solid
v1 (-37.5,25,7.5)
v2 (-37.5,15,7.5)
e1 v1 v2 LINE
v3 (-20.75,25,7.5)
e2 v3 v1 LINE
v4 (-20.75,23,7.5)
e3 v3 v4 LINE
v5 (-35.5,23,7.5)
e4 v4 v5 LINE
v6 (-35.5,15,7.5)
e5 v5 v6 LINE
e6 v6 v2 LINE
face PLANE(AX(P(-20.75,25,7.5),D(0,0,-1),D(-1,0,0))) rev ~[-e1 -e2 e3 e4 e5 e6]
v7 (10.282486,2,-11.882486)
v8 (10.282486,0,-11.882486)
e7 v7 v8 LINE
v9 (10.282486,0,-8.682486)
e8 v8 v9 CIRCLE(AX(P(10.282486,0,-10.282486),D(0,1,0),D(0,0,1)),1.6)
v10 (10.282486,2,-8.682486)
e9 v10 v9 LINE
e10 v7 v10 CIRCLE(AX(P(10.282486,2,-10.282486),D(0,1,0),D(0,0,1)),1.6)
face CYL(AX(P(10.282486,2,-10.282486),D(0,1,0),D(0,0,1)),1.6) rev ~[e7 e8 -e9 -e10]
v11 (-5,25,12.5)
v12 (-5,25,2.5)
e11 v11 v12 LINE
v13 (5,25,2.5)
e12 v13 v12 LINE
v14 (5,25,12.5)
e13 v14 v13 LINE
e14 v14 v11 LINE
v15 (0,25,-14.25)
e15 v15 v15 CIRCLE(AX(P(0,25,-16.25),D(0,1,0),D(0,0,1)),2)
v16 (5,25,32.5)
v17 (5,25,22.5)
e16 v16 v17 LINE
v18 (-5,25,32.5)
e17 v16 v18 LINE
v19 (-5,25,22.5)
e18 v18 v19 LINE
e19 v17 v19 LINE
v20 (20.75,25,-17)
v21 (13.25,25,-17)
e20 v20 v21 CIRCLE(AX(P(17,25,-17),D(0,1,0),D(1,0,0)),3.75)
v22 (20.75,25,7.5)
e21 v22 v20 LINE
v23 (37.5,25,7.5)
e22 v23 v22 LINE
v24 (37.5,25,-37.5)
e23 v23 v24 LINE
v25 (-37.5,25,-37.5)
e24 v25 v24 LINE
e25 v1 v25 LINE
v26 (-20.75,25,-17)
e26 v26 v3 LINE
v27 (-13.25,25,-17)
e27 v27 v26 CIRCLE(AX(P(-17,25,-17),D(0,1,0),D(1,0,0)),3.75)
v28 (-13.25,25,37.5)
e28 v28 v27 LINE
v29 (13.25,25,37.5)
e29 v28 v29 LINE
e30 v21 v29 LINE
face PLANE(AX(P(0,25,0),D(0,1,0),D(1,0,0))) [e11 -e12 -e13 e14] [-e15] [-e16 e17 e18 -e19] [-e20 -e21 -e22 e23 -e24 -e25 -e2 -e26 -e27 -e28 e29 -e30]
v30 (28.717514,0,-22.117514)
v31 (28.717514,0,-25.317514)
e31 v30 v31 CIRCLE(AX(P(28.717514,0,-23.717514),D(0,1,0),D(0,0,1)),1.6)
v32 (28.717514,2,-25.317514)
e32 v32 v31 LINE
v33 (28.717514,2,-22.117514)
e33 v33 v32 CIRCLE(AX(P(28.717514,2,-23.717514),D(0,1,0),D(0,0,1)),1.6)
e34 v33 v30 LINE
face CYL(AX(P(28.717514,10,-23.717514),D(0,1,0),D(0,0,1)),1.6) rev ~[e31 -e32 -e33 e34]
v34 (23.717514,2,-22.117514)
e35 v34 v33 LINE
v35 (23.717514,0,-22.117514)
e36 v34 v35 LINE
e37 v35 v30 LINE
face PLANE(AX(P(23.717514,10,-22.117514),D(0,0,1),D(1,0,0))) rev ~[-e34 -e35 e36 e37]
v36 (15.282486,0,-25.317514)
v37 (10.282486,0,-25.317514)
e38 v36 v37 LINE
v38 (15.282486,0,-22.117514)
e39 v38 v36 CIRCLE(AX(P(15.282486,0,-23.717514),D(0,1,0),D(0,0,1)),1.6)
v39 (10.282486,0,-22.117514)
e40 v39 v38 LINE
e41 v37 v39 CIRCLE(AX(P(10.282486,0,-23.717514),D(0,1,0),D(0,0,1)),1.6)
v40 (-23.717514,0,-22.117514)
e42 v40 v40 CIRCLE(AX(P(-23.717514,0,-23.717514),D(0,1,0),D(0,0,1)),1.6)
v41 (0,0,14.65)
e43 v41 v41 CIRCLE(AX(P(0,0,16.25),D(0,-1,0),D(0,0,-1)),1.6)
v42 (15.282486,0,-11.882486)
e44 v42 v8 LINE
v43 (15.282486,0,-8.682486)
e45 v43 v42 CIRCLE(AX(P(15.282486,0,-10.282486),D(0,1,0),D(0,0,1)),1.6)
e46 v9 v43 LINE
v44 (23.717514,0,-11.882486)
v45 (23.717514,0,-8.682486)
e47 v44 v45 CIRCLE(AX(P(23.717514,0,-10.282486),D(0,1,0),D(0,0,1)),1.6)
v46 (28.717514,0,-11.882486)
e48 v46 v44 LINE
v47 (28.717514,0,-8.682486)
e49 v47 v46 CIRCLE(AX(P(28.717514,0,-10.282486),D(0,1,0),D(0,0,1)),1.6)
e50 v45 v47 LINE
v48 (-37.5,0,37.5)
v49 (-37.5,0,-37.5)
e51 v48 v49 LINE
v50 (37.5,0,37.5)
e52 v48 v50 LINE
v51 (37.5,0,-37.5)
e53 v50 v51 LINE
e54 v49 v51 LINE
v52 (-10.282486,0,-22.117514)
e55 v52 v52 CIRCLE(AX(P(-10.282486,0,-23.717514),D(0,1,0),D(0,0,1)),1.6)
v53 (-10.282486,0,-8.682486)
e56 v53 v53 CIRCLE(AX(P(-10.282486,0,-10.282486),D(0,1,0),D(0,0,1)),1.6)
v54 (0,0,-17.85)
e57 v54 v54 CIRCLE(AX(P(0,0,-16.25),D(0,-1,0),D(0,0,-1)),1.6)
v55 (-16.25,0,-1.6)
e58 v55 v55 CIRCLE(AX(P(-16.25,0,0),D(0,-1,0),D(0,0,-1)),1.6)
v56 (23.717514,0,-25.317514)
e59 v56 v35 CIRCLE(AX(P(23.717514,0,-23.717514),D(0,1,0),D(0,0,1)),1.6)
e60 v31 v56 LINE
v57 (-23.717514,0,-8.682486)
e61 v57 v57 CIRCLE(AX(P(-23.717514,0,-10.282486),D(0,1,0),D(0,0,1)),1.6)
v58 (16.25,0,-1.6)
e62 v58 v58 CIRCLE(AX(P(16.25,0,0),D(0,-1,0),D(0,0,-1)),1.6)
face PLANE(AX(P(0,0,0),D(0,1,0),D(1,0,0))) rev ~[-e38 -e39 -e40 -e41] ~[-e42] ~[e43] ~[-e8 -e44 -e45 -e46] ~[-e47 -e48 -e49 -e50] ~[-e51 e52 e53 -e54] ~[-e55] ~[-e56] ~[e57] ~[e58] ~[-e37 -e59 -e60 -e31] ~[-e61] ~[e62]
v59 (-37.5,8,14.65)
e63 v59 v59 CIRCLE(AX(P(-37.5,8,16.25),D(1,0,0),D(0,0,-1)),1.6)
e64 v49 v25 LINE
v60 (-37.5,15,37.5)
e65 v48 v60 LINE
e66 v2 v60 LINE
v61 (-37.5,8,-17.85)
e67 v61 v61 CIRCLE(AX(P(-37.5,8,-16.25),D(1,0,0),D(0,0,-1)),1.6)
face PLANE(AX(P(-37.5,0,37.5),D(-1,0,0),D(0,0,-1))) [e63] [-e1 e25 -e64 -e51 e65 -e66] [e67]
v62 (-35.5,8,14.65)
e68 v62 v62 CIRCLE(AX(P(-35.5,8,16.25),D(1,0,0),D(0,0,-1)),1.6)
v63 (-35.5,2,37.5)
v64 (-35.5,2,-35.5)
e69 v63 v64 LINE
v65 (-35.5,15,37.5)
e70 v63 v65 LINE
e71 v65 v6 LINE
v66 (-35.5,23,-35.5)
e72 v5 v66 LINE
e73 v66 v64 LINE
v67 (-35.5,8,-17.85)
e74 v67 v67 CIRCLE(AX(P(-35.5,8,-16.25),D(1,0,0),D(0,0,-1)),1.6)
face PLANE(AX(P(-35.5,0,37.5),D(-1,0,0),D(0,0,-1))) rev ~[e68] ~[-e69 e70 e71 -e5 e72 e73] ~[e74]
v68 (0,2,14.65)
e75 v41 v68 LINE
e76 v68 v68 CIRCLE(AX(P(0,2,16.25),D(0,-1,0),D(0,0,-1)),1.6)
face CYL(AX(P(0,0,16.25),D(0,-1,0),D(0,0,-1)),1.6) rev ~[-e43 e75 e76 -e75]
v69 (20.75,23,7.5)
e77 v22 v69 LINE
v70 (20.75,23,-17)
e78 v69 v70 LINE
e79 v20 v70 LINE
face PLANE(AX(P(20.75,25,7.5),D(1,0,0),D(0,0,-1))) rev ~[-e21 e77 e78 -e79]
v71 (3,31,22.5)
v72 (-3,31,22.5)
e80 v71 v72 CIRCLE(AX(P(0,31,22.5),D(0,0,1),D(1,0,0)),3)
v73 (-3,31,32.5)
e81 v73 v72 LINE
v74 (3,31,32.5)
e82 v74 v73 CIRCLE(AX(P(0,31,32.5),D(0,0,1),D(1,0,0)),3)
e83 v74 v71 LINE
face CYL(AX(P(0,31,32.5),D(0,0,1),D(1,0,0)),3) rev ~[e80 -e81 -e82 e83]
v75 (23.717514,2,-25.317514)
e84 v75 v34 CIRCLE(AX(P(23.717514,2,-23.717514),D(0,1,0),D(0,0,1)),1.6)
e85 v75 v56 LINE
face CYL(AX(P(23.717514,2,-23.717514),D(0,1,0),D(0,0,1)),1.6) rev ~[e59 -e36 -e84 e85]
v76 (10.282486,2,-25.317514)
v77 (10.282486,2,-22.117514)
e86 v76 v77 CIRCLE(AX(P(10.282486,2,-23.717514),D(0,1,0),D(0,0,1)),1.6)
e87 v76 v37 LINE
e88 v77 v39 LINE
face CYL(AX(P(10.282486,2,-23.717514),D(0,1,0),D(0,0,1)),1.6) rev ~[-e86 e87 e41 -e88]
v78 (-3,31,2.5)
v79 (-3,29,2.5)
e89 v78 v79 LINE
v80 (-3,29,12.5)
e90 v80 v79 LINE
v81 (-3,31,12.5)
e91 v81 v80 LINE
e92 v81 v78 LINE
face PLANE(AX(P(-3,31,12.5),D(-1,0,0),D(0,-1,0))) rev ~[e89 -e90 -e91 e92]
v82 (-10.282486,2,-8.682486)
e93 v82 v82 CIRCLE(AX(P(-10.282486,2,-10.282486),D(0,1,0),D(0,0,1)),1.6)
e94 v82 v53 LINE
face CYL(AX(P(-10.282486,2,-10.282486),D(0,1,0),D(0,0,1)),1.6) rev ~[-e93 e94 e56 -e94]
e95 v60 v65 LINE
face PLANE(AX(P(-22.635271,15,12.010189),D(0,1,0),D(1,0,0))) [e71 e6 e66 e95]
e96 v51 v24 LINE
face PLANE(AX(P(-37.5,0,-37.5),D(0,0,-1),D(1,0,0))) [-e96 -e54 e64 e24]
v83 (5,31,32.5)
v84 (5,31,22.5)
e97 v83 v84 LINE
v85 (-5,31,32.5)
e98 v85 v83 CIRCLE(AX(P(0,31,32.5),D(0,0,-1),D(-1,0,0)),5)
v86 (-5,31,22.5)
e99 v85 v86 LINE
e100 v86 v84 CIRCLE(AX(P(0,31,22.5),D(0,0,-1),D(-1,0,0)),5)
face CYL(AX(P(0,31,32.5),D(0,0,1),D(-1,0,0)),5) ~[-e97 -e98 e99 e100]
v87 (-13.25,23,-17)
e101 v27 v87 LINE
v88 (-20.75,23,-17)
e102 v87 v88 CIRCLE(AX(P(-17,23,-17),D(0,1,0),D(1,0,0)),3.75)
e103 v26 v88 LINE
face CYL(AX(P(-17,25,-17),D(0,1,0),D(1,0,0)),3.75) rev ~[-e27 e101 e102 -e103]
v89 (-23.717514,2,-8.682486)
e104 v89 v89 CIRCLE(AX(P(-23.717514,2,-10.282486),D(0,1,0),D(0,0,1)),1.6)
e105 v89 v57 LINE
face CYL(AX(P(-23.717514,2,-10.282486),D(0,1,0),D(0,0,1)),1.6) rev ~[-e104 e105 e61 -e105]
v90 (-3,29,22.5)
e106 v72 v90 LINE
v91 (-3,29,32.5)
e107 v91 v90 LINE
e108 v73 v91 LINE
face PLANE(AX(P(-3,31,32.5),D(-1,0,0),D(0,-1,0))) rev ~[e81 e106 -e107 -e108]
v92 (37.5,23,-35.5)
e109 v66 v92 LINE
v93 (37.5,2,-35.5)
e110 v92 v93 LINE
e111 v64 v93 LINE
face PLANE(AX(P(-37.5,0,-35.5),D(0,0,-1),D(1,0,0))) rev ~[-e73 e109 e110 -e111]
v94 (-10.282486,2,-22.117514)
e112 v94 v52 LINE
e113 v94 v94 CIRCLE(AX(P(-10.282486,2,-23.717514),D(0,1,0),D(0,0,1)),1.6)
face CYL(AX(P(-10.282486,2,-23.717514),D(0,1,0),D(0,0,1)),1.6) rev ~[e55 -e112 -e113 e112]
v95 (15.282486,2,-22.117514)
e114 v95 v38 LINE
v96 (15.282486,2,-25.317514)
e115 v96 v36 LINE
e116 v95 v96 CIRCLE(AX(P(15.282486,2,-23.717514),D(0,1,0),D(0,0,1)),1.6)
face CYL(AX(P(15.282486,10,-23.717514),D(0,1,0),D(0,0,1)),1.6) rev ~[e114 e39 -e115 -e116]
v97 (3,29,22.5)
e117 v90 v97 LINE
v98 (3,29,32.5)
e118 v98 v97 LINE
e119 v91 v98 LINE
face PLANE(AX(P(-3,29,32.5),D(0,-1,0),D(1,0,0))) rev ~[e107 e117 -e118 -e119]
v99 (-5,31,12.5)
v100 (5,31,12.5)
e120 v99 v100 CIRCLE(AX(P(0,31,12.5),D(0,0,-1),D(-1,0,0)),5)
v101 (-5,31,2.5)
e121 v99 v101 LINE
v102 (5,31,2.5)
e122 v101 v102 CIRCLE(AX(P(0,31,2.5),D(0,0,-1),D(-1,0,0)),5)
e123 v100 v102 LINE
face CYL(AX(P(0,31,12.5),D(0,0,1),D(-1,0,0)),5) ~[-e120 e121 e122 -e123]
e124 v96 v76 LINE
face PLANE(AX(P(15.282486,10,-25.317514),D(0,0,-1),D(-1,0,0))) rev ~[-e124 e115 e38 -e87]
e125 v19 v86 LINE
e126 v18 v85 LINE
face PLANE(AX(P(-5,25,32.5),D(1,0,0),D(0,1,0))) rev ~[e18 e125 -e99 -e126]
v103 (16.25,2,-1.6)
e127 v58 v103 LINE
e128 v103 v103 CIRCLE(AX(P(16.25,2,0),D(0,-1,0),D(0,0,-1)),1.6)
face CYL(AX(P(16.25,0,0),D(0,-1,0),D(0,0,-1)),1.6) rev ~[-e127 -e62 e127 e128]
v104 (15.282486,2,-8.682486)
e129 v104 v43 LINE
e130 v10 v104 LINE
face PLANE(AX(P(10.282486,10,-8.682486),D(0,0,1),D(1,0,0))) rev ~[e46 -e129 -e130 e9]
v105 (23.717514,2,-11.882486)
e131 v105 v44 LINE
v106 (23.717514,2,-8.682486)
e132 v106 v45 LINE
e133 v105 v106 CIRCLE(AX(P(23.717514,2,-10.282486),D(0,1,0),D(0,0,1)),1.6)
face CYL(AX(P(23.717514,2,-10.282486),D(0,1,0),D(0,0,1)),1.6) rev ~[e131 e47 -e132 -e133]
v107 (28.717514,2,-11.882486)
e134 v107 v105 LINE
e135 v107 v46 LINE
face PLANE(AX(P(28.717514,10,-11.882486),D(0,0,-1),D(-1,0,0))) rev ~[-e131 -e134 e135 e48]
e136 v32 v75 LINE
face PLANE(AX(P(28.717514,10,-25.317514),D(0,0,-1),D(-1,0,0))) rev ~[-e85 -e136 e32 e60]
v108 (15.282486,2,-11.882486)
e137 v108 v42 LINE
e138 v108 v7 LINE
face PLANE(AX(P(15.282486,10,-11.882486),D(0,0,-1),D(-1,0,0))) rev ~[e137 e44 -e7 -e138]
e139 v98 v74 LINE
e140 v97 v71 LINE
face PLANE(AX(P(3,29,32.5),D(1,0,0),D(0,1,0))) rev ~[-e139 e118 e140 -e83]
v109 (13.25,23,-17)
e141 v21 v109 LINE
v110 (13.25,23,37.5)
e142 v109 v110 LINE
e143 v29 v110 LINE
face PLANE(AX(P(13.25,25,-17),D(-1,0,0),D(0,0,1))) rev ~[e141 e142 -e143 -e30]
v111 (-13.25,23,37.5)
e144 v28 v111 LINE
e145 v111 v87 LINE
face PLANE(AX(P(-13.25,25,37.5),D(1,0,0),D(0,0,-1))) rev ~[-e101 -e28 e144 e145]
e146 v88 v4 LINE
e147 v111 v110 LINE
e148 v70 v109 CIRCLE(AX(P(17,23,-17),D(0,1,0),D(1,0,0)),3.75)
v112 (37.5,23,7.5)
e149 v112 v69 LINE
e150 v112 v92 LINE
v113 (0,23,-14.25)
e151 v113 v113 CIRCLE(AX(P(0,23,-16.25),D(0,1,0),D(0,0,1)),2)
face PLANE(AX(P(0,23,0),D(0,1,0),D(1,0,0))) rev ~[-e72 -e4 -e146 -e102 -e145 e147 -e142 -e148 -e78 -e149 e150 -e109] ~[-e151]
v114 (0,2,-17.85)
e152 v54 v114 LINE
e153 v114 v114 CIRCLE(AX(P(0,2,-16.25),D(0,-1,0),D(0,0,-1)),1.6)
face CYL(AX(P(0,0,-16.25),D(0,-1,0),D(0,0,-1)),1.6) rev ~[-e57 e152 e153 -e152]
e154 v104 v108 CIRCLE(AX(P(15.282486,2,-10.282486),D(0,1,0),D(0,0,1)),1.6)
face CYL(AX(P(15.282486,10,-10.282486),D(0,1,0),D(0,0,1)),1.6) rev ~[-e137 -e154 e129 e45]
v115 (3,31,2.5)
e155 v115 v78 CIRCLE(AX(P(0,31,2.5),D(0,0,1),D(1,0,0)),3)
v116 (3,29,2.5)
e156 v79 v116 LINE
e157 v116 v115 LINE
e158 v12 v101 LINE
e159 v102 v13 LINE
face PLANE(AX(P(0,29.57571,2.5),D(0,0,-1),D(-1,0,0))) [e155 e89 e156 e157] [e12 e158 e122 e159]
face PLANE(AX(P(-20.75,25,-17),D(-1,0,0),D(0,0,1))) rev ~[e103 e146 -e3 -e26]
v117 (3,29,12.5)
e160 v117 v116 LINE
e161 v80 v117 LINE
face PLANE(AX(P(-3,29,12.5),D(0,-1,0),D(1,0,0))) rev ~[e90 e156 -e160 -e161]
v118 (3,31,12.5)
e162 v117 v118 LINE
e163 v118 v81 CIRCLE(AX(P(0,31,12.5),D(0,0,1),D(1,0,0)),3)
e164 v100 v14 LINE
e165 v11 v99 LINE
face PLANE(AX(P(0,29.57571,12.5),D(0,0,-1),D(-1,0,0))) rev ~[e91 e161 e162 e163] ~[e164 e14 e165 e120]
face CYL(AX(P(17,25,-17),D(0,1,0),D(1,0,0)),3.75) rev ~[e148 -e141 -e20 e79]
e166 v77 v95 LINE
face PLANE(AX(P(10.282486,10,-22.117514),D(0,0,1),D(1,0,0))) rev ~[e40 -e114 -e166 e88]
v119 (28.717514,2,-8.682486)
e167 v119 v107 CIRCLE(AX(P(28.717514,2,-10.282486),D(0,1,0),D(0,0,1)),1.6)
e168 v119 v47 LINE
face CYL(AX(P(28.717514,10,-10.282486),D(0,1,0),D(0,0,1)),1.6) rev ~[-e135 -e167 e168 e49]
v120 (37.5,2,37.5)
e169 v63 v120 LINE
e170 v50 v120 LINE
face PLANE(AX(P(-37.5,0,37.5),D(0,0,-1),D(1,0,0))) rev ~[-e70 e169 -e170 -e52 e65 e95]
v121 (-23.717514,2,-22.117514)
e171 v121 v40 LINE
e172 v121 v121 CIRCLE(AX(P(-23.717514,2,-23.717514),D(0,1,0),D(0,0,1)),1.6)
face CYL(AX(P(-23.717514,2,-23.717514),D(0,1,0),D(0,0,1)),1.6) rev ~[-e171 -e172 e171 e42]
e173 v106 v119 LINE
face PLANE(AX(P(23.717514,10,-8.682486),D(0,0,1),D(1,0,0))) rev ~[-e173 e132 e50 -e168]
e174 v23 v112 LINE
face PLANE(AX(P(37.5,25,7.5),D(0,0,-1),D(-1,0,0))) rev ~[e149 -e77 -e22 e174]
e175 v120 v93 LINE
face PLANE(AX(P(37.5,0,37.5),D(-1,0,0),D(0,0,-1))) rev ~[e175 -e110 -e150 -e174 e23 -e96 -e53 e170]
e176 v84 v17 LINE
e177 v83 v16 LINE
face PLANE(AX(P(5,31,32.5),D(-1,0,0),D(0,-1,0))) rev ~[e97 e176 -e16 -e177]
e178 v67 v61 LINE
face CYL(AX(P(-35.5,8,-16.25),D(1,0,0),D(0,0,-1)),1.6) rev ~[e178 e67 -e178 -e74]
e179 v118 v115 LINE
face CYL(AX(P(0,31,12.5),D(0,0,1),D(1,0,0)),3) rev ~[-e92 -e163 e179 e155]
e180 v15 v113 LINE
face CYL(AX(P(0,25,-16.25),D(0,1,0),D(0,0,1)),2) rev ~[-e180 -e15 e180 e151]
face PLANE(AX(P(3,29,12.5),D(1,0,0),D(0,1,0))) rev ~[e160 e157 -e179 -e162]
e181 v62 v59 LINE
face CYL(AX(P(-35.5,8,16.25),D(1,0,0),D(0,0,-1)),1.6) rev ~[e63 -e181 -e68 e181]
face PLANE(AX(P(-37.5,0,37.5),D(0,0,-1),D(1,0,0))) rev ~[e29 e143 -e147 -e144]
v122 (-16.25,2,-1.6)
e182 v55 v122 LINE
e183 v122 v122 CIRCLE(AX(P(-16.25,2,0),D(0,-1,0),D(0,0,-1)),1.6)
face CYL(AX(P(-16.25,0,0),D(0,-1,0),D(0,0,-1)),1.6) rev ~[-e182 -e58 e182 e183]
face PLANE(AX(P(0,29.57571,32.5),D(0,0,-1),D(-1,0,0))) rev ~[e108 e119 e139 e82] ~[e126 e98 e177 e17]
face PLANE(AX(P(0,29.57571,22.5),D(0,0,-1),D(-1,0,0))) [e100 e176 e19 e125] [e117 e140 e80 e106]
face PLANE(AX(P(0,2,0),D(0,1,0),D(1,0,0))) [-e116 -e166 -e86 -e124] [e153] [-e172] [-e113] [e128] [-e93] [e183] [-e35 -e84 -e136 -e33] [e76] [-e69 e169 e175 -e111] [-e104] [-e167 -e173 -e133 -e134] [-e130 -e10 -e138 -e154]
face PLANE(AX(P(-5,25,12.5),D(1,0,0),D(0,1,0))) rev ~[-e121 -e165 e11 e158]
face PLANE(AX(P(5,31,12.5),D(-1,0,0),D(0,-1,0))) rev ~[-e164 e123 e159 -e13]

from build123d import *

# Parameters (mm, degrees)
SKETCH2_W           = 75
SKETCH2_H           = 75
BOSS_EXTRUDE1_DEPTH = 25
SHELL1_T            = -2
SKETCH3_R           = 1.6
CUT_EXTRUDE1_DEPTH  = 50
CUT_EXTRUDE2_DEPTH  = 10
BOSS_EXTRUDE2_START = -5
BOSS_EXTRUDE2_DEPTH = 10
LPATTERN1_COUNT     = 2
LPATTERN1_PITCH     = 20
SKETCH7_R           = 1.6
CUT_EXTRUDE4_DEPTH  = 10
SKETCH9_R           = 1.6
CUT_EXTRUDE5_DEPTH  = 10
SKETCH10_R          = 2
CUT_EXTRUDE6_DEPTH  = 10
CUT_EXTRUDE7_START  = -10
CUT_EXTRUDE7_DEPTH  = 10


with BuildPart() as part:
    # Sketch2 → Boss-Extrude1 (new body)
    with BuildSketch(Plane(origin=(0, 0, 0), x_dir=(1, 0, 0), z_dir=(0, 1, 0))):
        Rectangle(SKETCH2_W, SKETCH2_H)
    extrude(amount=BOSS_EXTRUDE1_DEPTH)

    # Shell1
    shell1_openings = [part.faces().sort_by_distance(p)[0] for p in [
        (0, 12.5, 37.5),
        (37.5, 12.5, 0),
    ]]
    offset(amount=SHELL1_T, openings=shell1_openings, kind=Kind.INTERSECTION)

    # Sketch3 → Cut-Extrude1 (cut)
    with BuildSketch(Plane(origin=(0, 2, 0), x_dir=(1, 0, 0), z_dir=(0, 1, 0))):
        with Locations((-23.717514421, 23.717514421)):
            Circle(SKETCH3_R)
        with Locations((-10.282485579, 23.717514421)):
            Circle(SKETCH3_R)
        with Locations((-10.282485579, 10.282485579)):
            Circle(SKETCH3_R)
        with Locations((-23.717514421, 10.282485579)):
            Circle(SKETCH3_R)
        with Locations((10.282485579, 23.717514421)):
            Circle(SKETCH3_R)
        with Locations((23.717514421, 23.717514421)):
            Circle(SKETCH3_R)
        with Locations((10.282485579, 10.282485579)):
            Circle(SKETCH3_R)
        with Locations((23.717514421, 10.282485579)):
            Circle(SKETCH3_R)
    extrude(amount=-CUT_EXTRUDE1_DEPTH, mode=Mode.SUBTRACT)

    # Sketch4 → Cut-Extrude2 (cut)
    with BuildSketch(Plane(origin=(0, 25, 0), x_dir=(1, 0, 0), z_dir=(0, 1, 0))):
        with BuildLine():
            Line((-37.5, -37.5), (-13.25, -37.5))
            Line((-13.25, -37.5), (-13.25, -7.5))
            Line((-13.25, -7.5), (-13.25, 17))
            ThreePointArc((-13.25, 17), (-17, 20.75), (-20.75, 17))
            Line((-20.75, 17), (-20.75, -7.5))
            Line((-20.75, -7.5), (-37.5, -7.5))
            Line((-37.5, -7.5), (-37.5, -37.5))
        make_face()
        with BuildLine():
            Line((37.5, -37.5), (37.5, -7.5))
            Line((37.5, -7.5), (20.75, -7.5))
            Line((20.75, -7.5), (20.75, 17))
            ThreePointArc((20.75, 17), (17, 20.75), (13.25, 17))
            Line((13.25, 17), (13.25, -7.5))
            Line((13.25, -7.5), (13.25, -37.5))
            Line((13.25, -37.5), (37.5, -37.5))
        make_face()
    extrude(amount=-CUT_EXTRUDE2_DEPTH, mode=Mode.SUBTRACT)

    # Sketch5 → Boss-Extrude2 (add)
    with BuildSketch(Plane.XY.offset(37.5).offset(BOSS_EXTRUDE2_START)):
        with BuildLine():
            Line((-5, 25), (-5, 31))
            ThreePointArc((-5, 31), (0, 36), (5, 31))
            Line((5, 31), (5, 25))
            Line((5, 25), (-5, 25))
        make_face()
        with BuildLine():
            Line((-3, 31), (-3, 29))
            Line((-3, 29), (3, 29))
            Line((3, 29), (3, 31))
            ThreePointArc((3, 31), (0, 34), (-3, 31))
        make_face(mode=Mode.SUBTRACT)
    boss_extrude2 = extrude(amount=-BOSS_EXTRUDE2_DEPTH)

    # LPattern1: Boss-Extrude2 ×2
    with Locations(*[(0, 0, -i * LPATTERN1_PITCH) for i in range(1, LPATTERN1_COUNT)]):
        add(boss_extrude2)

    # Sketch7 → Cut-Extrude4 (cut)
    with BuildSketch(Plane.XZ):
        with Locations((0, 16.25)):
            Circle(SKETCH7_R)
        with Locations((16.25, 0)):
            Circle(SKETCH7_R)
        with Locations((0, -16.25)):
            Circle(SKETCH7_R)
        with Locations((-16.25, 0)):
            Circle(SKETCH7_R)
    extrude(amount=-CUT_EXTRUDE4_DEPTH, mode=Mode.SUBTRACT)

    # Sketch9 → Cut-Extrude5 (cut)
    with BuildSketch(Plane(origin=(-35.5, 0, 0), x_dir=(0, 0, -1), z_dir=(1, 0, 0))):
        with Locations((-16.25, 8)):
            Circle(SKETCH9_R)
        with Locations((16.25, 8)):
            Circle(SKETCH9_R)
    extrude(amount=-CUT_EXTRUDE5_DEPTH, mode=Mode.SUBTRACT)

    # Sketch10 → Cut-Extrude6 (cut)
    with BuildSketch(Plane(origin=(0, 25, 0), x_dir=(1, 0, 0), z_dir=(0, 1, 0))):
        with Locations((0, 16.25)):
            Circle(SKETCH10_R)
    extrude(amount=-CUT_EXTRUDE6_DEPTH, mode=Mode.SUBTRACT)

    # Sketch11 → Cut-Extrude7 (cut)
    with BuildSketch(Plane.XZ.offset(CUT_EXTRUDE7_START)):
        with BuildLine():
            Line((10.282485579, -8.682485579), (15.282485579, -8.682485579))
            ThreePointArc((15.282485579, -8.682485579), (16.882485579, -10.282485579), (15.282485579, -11.882485579))
            Line((15.282485579, -11.882485579), (10.282485579, -11.882485579))
            ThreePointArc((10.282485579, -11.882485579), (8.682485579, -10.282485579), (10.282485579, -8.682485579))
        make_face()
        with BuildLine():
            Line((23.717514421, -8.682485579), (28.717514421, -8.682485579))
            ThreePointArc((28.717514421, -8.682485579), (30.317514421, -10.282485579), (28.717514421, -11.882485579))
            Line((28.717514421, -11.882485579), (23.717514421, -11.882485579))
            ThreePointArc((23.717514421, -11.882485579), (22.117514421, -10.282485579), (23.717514421, -8.682485579))
        make_face()
        with BuildLine():
            Line((23.717514421, -22.117514421), (28.717514421, -22.117514421))
            ThreePointArc((28.717514421, -22.117514421), (30.317514421, -23.717514421), (28.717514421, -25.317514421))
            Line((28.717514421, -25.317514421), (23.717514421, -25.317514421))
            ThreePointArc((23.717514421, -25.317514421), (22.117514421, -23.717514421), (23.717514421, -22.117514421))
        make_face()
        with BuildLine():
            Line((10.282485579, -22.117514421), (15.282485579, -22.117514421))
            ThreePointArc((15.282485579, -22.117514421), (16.882485579, -23.717514421), (15.282485579, -25.317514421))
            Line((15.282485579, -25.317514421), (10.282485579, -25.317514421))
            ThreePointArc((10.282485579, -25.317514421), (8.682485579, -23.717514421), (10.282485579, -22.117514421))
        make_face()
    extrude(amount=CUT_EXTRUDE7_DEPTH, mode=Mode.SUBTRACT)


solid = part.part
